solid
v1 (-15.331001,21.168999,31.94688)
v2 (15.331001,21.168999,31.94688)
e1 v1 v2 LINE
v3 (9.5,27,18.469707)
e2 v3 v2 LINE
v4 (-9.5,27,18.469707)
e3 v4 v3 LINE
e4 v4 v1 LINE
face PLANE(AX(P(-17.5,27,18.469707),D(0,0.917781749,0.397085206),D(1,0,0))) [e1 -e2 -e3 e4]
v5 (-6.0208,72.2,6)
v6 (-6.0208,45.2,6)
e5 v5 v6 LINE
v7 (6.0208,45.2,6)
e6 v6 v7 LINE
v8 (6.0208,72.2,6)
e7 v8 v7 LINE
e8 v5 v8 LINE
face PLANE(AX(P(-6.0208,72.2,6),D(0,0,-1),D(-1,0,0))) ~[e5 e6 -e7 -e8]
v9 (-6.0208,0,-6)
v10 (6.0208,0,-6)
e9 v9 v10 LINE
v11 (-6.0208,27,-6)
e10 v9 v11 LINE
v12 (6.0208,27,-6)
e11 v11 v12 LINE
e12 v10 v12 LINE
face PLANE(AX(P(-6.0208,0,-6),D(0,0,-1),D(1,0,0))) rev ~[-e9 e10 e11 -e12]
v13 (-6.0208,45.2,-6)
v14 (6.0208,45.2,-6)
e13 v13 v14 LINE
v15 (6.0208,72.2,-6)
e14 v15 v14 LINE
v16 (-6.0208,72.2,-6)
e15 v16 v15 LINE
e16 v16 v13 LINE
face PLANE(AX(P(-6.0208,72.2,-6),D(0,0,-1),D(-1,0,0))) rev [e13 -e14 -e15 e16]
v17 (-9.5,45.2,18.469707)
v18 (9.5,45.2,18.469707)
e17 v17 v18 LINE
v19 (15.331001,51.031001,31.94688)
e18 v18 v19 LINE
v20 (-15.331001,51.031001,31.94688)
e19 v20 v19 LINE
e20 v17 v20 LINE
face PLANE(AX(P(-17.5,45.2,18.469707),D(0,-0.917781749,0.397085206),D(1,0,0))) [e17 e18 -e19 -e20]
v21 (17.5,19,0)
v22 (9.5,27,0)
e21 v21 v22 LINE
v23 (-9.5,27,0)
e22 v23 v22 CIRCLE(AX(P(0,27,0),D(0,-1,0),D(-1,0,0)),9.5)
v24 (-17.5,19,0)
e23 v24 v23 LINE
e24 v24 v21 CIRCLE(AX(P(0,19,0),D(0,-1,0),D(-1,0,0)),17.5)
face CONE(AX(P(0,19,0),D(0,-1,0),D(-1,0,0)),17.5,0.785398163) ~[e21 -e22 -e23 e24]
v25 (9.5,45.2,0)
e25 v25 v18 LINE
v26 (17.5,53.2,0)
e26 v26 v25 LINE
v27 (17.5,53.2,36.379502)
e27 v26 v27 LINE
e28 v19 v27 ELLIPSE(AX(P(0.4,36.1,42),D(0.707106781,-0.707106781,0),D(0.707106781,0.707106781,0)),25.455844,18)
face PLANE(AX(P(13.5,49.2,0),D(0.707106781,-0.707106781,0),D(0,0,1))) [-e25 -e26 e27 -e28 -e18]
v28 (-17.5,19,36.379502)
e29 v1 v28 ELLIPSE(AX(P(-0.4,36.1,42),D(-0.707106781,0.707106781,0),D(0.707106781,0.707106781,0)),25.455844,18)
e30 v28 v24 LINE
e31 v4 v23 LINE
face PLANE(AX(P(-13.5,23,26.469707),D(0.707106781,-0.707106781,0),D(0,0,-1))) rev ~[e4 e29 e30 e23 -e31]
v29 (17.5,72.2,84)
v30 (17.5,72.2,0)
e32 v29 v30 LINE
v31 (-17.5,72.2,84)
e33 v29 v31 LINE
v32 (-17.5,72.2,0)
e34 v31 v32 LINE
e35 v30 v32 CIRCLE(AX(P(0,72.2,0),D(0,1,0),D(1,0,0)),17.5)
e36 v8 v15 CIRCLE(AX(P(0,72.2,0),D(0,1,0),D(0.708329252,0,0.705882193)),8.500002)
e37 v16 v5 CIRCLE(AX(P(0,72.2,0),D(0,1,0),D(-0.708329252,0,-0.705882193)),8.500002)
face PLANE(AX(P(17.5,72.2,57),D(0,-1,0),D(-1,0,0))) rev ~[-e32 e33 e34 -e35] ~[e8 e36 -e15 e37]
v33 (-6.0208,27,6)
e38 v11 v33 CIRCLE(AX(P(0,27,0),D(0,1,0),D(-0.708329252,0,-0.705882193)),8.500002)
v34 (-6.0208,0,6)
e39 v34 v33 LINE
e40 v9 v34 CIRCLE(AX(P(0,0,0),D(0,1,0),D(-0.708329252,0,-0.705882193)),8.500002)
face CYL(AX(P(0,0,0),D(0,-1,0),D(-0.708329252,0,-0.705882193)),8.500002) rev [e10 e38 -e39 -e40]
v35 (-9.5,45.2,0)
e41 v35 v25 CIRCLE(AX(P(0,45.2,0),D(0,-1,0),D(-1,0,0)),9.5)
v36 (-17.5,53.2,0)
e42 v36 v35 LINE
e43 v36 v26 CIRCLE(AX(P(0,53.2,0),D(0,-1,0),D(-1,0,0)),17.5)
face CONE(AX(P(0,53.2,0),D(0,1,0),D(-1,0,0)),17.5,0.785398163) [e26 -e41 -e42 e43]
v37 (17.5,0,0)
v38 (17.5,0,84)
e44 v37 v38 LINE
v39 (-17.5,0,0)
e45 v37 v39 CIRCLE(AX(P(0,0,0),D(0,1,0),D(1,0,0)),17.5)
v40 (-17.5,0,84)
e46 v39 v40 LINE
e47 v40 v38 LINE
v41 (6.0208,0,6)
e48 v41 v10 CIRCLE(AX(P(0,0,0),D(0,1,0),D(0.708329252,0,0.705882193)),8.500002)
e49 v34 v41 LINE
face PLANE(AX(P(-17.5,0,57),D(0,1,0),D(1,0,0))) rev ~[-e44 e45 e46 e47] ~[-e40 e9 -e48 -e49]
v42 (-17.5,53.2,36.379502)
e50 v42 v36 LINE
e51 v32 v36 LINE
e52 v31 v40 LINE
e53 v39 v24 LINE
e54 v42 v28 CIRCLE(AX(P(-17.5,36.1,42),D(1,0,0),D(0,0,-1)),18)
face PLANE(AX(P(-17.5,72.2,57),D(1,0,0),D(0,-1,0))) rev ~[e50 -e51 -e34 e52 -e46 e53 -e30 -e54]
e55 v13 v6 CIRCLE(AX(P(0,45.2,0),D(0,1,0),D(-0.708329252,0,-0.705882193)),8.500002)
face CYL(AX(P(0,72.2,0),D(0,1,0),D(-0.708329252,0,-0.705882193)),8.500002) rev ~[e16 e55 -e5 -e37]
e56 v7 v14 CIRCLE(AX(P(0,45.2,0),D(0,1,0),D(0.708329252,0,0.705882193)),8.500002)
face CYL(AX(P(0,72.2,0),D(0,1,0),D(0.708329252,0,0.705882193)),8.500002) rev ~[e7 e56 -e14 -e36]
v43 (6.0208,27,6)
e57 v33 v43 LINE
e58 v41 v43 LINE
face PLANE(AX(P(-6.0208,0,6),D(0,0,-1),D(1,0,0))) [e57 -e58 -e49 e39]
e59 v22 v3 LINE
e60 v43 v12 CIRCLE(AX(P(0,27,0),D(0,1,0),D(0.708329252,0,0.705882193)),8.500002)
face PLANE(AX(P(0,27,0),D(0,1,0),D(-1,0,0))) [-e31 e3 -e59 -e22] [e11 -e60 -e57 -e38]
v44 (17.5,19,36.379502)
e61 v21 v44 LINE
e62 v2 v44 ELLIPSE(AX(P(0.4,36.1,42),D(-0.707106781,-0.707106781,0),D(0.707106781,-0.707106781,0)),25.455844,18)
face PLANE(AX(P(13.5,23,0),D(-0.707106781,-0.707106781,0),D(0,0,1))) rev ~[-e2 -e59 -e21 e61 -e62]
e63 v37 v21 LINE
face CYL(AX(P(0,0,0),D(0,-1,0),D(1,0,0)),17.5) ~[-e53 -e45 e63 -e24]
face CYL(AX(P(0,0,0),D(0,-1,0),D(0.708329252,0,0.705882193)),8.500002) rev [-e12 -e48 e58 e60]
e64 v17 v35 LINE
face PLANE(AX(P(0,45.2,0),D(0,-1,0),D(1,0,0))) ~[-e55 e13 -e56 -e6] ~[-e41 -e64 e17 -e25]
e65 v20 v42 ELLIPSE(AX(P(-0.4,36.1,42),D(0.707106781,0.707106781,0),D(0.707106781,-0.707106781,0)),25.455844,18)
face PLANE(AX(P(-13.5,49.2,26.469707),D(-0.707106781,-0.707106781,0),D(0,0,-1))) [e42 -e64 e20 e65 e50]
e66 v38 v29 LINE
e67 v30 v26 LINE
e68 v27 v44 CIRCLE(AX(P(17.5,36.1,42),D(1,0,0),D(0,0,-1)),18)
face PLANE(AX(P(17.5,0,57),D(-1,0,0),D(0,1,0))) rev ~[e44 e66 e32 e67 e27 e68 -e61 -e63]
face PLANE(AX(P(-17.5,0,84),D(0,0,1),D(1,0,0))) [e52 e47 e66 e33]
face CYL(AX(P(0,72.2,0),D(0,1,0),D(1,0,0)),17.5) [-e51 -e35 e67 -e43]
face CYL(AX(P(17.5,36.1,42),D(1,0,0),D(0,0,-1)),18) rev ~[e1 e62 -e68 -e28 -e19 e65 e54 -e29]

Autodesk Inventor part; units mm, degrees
ref_plane "YZ Plane" through (0, 0, 0) normal (1, 0, 0) x (0, 1, 0)
ref_plane "XZ Plane" through (0, 0, 0) normal (0, 1, 0) x (-1, 0, 0)
sketch "Эскиз1" plane through (0, 0, 0) normal (0, 1, 0) x (-1, 0, 0)
  arc A0 (6.0208, -6) -> (6.0208, 6) centre (0, 0) ccw
  line L0 (6.0208, -6) -> (-6.0208, -6)
  arc A1 (-6.0208, 6) -> (-6.0208, -6) centre (0, 0) ccw
  line L1 (6.0208, 6) -> (-6.0208, 6)
  line L2 (17.5, 37) -> (-17.5, 37)
  line L3 (-17.5, 37) -> (-17.5, 0)
  arc A2 (-17.5, 0) -> (17.5, 0) centre (0, 0) ccw
  line L4 (17.5, 0) -> (17.5, 37)
  line L5 (17.5, 0) -> (17.5, 57)
  line L6 (-17.5, 37) -> (17.5, 37)
  line L7 (17.5, 37) -> (17.5, 57)
  line L8 (17.5, 57) -> (-17.5, 57)
  line L9 (-17.5, 57) -> (-17.5, 37)
extrude "Выдавливание1" add sketch "Эскиз1" along normal blind 27
sketch "Эскиз2" plane through (-17.5, 0, 57) normal (0, 0, 1) x (1, 0, 0)
  line L0 (0, 0) -> (35, 0)
  line L1 (35, 0) -> (35, 72.2)
  line L2 (35, 72.2) -> (0, 72.2)
  line L3 (0, 72.2) -> (0, 0)
  point P0 (17.5, 0)
  dimension "d2" = 72.2
extrude "Выдавливание2" add sketch "Эскиз2" along normal blind 27
ref_plane "РабПлоскость1" through (17.5, 36.1, 84) normal (0, 1, 0) x (1, 0, 0)
mirror "Зеркальное отражение1" about plane through (17.5, 36.1, 84) normal (0, 1, 0) of "Выдавливание1"
sketch "Эскиз3" plane through (17.5, 0, 0) normal (1, 0, 0) x (0, 0, -1)
  line L0 (-57, 45.2) -> (-57, 27) projected
  line L1 (-57, 36.1) -> (-42, 36.1)
  circle A0 centre (-42, 36.1) radius 18
  point P0 (0, 0)
  dimension "d5" = 15
  dimension "d6" = 36
extrude "Выдавливание3" cut sketch "Эскиз3" against normal blind 93.5
chamfer "Фаска2" distance 8 angle 45 8 edges at (0, 27, 26.4697) (0, 45.2, 26.4697) (-17.5, 27, 13.2349) (0, 27, -17.5) (17.5, 27, 13.2349) (-17.5, 45.2, 13.2349) (0, 45.2, -17.5) (17.5, 45.2, 13.2349)
properties part number "joint_2_part1"
